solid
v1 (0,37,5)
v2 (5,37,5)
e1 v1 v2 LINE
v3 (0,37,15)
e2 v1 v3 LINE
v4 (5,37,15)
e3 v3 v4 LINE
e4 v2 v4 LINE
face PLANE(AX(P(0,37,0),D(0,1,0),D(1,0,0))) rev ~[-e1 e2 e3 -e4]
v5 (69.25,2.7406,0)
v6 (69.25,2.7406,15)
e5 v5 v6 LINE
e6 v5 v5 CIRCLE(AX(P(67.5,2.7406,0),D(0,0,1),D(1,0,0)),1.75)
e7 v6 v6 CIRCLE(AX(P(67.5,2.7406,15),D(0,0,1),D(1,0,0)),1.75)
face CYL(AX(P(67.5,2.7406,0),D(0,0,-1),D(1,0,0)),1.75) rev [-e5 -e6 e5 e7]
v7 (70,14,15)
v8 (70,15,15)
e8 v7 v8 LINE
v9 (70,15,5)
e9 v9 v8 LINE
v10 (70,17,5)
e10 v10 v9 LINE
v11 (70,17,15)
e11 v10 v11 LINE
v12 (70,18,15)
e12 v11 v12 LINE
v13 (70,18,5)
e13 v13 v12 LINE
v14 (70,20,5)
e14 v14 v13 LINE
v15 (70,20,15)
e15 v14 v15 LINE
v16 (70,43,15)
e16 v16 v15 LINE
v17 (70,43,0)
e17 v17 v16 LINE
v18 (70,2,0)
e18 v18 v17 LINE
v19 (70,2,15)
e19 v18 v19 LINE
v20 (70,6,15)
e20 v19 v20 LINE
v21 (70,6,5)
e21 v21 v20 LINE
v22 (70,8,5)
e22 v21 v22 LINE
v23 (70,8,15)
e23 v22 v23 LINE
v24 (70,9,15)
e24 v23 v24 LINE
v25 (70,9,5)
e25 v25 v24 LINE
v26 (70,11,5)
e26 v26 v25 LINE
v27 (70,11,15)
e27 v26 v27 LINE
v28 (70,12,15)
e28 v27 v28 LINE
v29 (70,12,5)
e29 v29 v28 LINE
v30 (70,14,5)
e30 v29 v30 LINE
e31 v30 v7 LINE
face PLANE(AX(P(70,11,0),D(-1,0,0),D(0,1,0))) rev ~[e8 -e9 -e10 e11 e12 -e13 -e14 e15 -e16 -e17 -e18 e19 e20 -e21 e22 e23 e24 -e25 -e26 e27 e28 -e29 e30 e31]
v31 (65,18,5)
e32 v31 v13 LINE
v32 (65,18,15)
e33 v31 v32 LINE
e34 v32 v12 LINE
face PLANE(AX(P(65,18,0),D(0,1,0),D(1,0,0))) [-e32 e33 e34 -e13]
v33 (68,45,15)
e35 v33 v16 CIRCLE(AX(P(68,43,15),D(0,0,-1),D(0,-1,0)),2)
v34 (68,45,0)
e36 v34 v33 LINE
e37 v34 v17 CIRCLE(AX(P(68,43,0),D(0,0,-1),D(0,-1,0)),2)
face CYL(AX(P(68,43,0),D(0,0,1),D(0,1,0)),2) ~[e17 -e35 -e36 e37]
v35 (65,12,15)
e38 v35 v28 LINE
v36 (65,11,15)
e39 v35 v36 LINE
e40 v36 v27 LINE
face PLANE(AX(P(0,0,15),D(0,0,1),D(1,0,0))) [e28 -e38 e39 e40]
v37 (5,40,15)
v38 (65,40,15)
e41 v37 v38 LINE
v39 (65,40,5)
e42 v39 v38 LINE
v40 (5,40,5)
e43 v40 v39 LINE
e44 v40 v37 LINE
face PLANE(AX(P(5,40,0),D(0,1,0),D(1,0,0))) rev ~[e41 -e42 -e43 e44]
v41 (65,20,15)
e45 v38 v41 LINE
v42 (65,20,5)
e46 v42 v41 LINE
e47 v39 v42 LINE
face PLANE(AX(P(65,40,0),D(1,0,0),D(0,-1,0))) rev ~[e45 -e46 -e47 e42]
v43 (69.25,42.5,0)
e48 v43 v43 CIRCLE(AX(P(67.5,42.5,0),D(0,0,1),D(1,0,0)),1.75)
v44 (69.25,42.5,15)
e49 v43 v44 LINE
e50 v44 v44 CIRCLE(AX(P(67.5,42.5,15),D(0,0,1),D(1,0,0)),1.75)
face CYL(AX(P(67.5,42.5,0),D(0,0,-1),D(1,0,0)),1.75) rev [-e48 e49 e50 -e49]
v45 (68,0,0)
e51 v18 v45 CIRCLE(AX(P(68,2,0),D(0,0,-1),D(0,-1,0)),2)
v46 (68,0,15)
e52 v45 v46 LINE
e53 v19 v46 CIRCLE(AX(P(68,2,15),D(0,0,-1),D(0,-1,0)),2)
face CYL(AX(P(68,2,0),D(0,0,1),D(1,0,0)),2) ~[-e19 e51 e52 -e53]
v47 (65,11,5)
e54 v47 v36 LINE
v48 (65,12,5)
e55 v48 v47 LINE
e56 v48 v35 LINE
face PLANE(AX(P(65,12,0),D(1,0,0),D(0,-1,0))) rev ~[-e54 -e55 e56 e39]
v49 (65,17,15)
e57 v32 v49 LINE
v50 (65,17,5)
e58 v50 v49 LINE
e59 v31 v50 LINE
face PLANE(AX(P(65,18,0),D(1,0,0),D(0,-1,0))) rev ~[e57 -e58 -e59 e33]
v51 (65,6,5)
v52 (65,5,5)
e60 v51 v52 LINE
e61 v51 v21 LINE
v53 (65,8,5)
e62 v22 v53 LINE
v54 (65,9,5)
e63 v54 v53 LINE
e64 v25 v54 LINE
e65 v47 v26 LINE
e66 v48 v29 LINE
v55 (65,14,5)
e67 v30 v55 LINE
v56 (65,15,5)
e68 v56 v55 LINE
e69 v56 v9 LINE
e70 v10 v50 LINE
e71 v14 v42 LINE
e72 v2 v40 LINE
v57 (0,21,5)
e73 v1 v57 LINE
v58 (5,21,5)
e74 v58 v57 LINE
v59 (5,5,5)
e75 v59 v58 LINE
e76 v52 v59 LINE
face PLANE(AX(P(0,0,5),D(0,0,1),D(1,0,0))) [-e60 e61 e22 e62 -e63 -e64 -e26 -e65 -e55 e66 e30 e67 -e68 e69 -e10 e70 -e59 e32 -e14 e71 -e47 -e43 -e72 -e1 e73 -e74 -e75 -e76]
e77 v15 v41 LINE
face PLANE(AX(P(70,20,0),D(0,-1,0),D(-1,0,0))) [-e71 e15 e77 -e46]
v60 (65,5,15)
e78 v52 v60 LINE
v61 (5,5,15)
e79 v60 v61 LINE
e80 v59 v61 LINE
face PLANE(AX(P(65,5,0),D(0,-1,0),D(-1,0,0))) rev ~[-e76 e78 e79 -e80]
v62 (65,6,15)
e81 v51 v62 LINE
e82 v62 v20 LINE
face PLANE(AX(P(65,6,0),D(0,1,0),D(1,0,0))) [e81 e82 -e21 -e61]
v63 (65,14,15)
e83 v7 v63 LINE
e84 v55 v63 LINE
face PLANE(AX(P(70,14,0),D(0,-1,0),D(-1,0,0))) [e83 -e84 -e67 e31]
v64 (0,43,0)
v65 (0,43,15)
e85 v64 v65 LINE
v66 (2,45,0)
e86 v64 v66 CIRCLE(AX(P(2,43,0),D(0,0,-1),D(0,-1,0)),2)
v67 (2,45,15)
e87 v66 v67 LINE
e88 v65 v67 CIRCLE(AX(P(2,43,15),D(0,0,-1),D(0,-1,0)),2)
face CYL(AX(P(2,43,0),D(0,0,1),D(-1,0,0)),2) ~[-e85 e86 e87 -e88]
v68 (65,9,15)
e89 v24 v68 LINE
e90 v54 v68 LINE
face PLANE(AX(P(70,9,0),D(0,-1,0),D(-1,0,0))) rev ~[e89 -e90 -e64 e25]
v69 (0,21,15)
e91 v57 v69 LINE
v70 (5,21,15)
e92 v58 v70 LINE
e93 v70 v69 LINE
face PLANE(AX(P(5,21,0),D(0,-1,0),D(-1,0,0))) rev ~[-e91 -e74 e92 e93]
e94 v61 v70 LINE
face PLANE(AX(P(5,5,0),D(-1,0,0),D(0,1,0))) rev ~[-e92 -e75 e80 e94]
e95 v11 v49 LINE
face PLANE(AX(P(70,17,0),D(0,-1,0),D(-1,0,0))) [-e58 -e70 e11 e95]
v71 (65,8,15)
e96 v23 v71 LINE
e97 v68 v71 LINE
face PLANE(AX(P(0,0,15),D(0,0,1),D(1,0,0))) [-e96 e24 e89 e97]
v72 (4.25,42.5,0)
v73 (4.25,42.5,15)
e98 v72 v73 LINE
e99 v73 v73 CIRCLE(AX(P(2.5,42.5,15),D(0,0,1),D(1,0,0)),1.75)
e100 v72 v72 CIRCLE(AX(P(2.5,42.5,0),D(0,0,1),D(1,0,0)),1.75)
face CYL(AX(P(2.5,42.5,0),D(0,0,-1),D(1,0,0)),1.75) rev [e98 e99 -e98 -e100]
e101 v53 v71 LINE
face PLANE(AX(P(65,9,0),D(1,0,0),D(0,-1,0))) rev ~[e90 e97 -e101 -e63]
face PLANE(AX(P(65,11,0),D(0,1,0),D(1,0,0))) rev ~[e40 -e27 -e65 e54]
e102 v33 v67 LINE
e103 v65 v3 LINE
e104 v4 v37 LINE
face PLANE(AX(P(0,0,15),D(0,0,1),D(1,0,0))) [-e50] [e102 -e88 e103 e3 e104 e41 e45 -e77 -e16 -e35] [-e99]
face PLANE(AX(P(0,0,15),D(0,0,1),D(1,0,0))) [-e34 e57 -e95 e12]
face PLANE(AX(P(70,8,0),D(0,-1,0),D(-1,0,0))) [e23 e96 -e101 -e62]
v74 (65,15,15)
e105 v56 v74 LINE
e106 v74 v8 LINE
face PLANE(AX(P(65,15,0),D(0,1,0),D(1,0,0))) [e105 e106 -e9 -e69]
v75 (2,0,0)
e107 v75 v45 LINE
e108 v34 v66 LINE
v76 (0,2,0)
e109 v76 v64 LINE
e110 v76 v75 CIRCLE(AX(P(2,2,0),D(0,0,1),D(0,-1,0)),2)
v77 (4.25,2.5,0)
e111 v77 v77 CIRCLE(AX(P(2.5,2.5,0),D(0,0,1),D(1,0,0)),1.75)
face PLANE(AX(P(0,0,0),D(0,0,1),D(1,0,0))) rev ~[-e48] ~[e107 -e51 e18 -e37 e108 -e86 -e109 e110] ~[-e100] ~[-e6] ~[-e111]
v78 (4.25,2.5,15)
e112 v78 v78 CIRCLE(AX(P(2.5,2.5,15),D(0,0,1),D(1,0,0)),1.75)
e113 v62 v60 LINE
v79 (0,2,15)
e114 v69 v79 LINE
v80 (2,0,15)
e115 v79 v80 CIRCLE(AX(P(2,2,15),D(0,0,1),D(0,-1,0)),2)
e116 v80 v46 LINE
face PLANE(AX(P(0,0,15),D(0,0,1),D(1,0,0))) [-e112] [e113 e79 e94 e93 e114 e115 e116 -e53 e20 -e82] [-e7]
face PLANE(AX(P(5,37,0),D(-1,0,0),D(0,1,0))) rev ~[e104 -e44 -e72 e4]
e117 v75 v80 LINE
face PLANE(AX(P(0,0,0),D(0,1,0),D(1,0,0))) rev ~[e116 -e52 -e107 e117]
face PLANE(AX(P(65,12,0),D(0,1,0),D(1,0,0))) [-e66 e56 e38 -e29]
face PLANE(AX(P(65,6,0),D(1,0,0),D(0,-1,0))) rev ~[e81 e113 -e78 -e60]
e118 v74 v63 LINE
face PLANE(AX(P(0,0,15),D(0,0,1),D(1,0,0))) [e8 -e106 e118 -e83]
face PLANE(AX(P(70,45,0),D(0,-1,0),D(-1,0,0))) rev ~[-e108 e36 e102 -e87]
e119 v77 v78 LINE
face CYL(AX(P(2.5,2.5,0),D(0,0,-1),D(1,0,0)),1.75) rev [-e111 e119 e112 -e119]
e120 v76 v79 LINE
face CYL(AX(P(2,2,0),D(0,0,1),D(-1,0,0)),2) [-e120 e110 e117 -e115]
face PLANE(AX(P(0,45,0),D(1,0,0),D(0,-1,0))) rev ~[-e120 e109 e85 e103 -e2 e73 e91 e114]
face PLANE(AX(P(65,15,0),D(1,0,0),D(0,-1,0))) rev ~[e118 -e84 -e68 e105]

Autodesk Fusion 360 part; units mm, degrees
sketch "Sketch1" plane through (0, 0, 0) normal (0, 0, 1) x (1, 0, 0)
  line L0 (0, 0) -> (70, 0)
  line L1 (70, 0) -> (70, 45)
  line L2 (70, 45) -> (0, 45)
  line L3 (0, 45) -> (0, 0)
  line L4 (5, 40) -> (65, 40)
  line L5 (65, 40) -> (65, 5)
  line L6 (65, 5) -> (5, 5)
  line L7 (5, 5) -> (5, 40)
  line L8 (70, 19) -> (70, 21)
  line L9 (70, 16) -> (70, 18)
  line L10 (65, 18) -> (65, 16)
  line L11 (65, 15) -> (65, 13)
  line L12 (70, 10) -> (70, 12)
  line L13 (65, 12) -> (65, 10)
  line L14 (0, 37) -> (5, 37)
  line L15 (5, 37) -> (5, 21)
  line L16 (5, 21) -> (0, 21)
  line L17 (0, 21) -> (0, 37)
  line L18 (65, 18) -> (70, 18)
  line L19 (70, 18) -> (70, 20)
  line L20 (70, 20) -> (65, 20)
  line L21 (65, 20) -> (65, 18)
  line L22 (65, 15) -> (70, 15)
  line L23 (70, 15) -> (70, 17)
  line L24 (70, 17) -> (65, 17)
  line L25 (65, 17) -> (65, 15)
  line L26 (65, 12) -> (70, 12)
  line L27 (70, 12) -> (70, 14)
  line L28 (70, 14) -> (65, 14)
  line L29 (65, 14) -> (65, 12)
  line L30 (65, 11) -> (70, 11)
  line L31 (70, 11) -> (70, 9)
  line L32 (70, 9) -> (65, 9)
  line L33 (65, 9) -> (65, 11)
  line L34 (70, 8) -> (65, 8)
  line L35 (65, 8) -> (65, 6)
  line L36 (65, 6) -> (70, 6)
  line L37 (70, 6) -> (70, 8)
  circle A0 centre (67.5, 42.5) radius 1.75
  circle A1 centre (2.5, 2.5) radius 1.75
  circle A2 centre (2.5, 42.5) radius 1.75
  circle A3 centre (67.5, 2.7406) radius 1.75
  point P0 (-50.3404, 3.4837)
  dimension "d1" = 45
  dimension "d2" = 70
  dimension "d3" = 35
  dimension "d4" = 60
  dimension "d5" = 5
  dimension "d6" = 5
  dimension "d7" = 16
  dimension "d8" = 3.5
  dimension "d9" = 2.5
  dimension "d10" = 2.5
  dimension "d11" = 3.5
  dimension "d12" = 2.5
  dimension "d13" = 2.5
  dimension "d14" = 3.5
  dimension "d15" = 2.5
  dimension "d16" = 2.5
  dimension "d17" = 3.5
  dimension "d18" = 2.5
extrude "Extrude1" add sketch "Sketch1" along normal blind 15 contours L0 L1 L3 L5 L6 L7 L16 L36 | L1 L2 L3 L4 L5 L7 L8 L14 L20 | L1 L5 L32 L34 | L1 L5 L12 L13 L26 L30 | L1 L5 L9 L10 L18 L24 | L1 L5 L11 L22 L28 makes body 1 at (66.6667, 11, 5) makes body 2 at (46.6667, 45, 10) makes body 3 at (68.3333, 14, 5) makes body 4 at (68.3333, 9, 5) makes body 5 at (23.3333, 0, 10) makes body 6 at (66.6667, 18, 5)
extrude "Extrude2" add sketch "Sketch1" along normal blind 5 separate body contours L4 L5 L6 L7 L10 L11 L13 L15 L21 L25 L29 L33 L35 makes body 7
fillet "Fillet1" radius 2 4 edges at (70, 45, 7.5) (0, 45, 7.5) (70, 0, 7.5) (0, 0, 7.5) on bodies 2 5
extrude "Extrude3" add sketch "Sketch1" along normal blind 5 contours L3 L7 L14 L15 L16 L17 bodies 2 5 7
extrude "Extrude4" add sketch "Sketch1" along normal blind 5 contours L1 L5 L34 L35 L36 L37 | L1 L5 L12 L13 L30 L31 L32 L33 | L1 L5 L8 L18 L19 L20 L21 | L1 L5 L11 L26 L27 L28 L29 | L1 L5 L9 L10 L22 L23 L24 L25 bodies 1 2 3 4 6
